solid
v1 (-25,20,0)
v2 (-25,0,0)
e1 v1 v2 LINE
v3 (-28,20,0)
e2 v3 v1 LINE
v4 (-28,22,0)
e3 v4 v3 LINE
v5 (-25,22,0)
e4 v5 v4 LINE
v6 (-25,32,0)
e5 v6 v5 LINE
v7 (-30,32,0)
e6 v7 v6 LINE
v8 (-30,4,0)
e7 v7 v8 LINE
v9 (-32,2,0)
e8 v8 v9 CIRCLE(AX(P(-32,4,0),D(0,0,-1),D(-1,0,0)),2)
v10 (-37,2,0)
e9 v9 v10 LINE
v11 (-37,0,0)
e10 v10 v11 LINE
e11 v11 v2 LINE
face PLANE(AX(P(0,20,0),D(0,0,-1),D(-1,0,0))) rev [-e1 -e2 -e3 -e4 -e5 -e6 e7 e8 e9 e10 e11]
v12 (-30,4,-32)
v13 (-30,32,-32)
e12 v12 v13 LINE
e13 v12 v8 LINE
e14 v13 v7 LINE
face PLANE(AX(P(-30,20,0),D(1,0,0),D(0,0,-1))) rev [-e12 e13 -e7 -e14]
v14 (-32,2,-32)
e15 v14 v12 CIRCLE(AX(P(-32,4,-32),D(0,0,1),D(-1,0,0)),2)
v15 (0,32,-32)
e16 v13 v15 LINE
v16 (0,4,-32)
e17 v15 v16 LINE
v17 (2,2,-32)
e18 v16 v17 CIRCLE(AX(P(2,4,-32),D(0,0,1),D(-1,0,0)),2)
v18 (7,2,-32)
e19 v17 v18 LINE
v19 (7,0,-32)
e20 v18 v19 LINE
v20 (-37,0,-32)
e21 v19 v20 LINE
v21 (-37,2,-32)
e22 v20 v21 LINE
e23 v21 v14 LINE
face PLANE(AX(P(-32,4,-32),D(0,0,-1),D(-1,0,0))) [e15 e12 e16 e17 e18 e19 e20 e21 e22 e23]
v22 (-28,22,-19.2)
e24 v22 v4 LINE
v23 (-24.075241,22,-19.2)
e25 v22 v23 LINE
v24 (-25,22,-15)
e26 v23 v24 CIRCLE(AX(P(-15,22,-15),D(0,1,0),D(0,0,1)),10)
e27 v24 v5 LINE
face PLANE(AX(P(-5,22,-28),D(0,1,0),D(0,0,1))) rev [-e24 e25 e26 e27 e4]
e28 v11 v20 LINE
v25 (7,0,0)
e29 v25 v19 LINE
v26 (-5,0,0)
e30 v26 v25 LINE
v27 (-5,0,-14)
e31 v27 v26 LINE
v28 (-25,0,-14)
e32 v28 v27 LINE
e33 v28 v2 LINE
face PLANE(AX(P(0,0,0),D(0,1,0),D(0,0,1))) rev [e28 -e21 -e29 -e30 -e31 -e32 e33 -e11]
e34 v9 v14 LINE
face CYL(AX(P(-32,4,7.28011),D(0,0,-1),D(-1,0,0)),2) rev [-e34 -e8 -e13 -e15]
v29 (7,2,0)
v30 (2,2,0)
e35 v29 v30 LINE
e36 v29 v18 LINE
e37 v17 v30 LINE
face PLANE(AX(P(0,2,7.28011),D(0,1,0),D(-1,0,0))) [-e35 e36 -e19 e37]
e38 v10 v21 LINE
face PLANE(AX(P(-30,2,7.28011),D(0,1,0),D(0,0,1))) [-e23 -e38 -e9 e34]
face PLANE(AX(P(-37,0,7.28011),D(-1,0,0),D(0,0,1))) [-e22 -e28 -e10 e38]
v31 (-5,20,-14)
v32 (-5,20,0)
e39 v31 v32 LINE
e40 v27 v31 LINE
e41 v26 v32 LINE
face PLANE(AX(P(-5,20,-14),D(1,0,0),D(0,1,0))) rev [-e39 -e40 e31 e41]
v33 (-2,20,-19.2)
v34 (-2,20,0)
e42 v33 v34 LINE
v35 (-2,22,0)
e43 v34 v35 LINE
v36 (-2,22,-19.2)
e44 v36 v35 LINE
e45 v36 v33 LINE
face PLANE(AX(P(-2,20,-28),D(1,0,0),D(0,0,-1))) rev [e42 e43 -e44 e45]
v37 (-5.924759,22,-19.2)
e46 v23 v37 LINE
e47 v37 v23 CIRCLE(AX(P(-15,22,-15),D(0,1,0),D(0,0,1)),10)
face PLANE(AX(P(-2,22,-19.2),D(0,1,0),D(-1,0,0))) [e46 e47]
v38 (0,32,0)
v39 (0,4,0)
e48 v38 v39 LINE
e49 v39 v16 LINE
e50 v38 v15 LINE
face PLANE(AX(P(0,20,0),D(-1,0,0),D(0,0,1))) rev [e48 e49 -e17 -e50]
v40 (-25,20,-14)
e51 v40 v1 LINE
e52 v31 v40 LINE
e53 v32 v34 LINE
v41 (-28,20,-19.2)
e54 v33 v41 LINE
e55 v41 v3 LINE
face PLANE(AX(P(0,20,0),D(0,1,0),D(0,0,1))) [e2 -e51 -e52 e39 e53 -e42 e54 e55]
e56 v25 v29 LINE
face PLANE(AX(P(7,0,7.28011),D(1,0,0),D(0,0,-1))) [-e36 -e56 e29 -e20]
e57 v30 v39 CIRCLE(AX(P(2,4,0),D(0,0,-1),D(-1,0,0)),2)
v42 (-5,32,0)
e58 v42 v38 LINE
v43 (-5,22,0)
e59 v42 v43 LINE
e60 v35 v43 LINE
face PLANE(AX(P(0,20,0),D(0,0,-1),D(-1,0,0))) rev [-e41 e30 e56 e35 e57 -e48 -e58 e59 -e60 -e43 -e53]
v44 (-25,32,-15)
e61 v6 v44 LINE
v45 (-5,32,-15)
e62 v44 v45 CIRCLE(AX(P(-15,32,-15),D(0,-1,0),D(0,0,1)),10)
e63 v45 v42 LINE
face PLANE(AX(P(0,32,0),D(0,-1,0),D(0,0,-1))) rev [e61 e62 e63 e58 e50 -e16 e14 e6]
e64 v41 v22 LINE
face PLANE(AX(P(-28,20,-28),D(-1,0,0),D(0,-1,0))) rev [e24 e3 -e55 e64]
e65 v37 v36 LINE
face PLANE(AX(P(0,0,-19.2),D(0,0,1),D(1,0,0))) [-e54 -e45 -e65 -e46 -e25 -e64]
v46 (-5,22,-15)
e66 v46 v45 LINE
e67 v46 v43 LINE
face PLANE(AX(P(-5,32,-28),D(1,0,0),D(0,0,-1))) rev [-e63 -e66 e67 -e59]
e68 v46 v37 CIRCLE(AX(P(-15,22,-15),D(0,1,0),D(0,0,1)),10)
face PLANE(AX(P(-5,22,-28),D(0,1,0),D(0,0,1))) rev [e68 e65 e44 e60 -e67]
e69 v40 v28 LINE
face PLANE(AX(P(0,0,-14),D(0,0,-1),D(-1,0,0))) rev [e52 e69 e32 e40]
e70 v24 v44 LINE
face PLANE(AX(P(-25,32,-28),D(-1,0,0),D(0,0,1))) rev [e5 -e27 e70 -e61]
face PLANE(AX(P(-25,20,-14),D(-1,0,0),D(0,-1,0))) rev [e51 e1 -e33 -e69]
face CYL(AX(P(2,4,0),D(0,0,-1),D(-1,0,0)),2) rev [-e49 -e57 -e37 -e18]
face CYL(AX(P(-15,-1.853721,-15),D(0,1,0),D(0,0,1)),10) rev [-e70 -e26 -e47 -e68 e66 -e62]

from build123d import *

# Parameters (mm, degrees)
SKETCH1_W           = 30
SKETCH1_H           = 28
BOSS_EXTRUDE1_DEPTH = 20
SKETCH2_W           = 5
SKETCH2_H           = 28
BOSS_EXTRUDE2_DEPTH = 12
SKETCH3_W           = 3
SKETCH3_H           = 2
CUT_EXTRUDE1_DEPTH  = 53.038447325
SKETCH4_W           = 20
SKETCH4_H           = 20
CUT_EXTRUDE2_DEPTH  = 14
SKETCH5_W           = 7
SKETCH5_H           = 2
BOSS_EXTRUDE3_DEPTH = 28
FILLET1_R           = 2
BOSS_EXTRUDE5_DEPTH = 10
SKETCH8_W           = 26
SKETCH8_H           = 2
BOSS_EXTRUDE6_DEPTH = 8.8
BOSS_EXTRUDE7_DEPTH = 4


with BuildPart() as part:
    # Sketch1 → Boss-Extrude1 (new body)
    with BuildSketch(Plane(origin=(0, 0, 0), x_dir=(1, 0, 0), z_dir=(0, 1, 0))):
        with Locations((-15, 14)):
            Rectangle(SKETCH1_W, SKETCH1_H)
    extrude(amount=BOSS_EXTRUDE1_DEPTH)

    # Sketch2 → Boss-Extrude2 (add)
    with BuildSketch(Plane(origin=(0, 20, 0), x_dir=(1, 0, 0), z_dir=(0, 1, 0))):
        with Locations((-27.5, 14)):
            Rectangle(SKETCH2_W, SKETCH2_H)
        with Locations((-2.5, 14)):
            Rectangle(SKETCH2_W, SKETCH2_H)
    extrude(amount=BOSS_EXTRUDE2_DEPTH)

    # Sketch3 → Cut-Extrude1 (cut, through all)
    with BuildSketch(Plane.XY):
        with Locations((-3.5, 21)):
            Rectangle(SKETCH3_W, SKETCH3_H)
        with Locations((-26.5, 21)):
            Rectangle(SKETCH3_W, SKETCH3_H)
    extrude(amount=-CUT_EXTRUDE1_DEPTH, mode=Mode.SUBTRACT)

    # Sketch4 → Cut-Extrude2 (cut)
    with BuildSketch(Plane.XY):
        with Locations((-15, 10)):
            Rectangle(SKETCH4_W, SKETCH4_H)
    extrude(amount=-CUT_EXTRUDE2_DEPTH, mode=Mode.SUBTRACT)

    # Sketch5 → Boss-Extrude3 (add)
    with BuildSketch(Plane(origin=(0, 0, -28), x_dir=(-1, 0, 0), z_dir=(0, 0, -1))):
        with Locations((33.5, 1)):
            Rectangle(SKETCH5_W, SKETCH5_H)
        with Locations((-3.5, 1)):
            Rectangle(SKETCH5_W, SKETCH5_H)
    extrude(amount=-BOSS_EXTRUDE3_DEPTH)

    # Fillet1
    fillet1_edges = [part.edges().sort_by_distance(p)[0] for p in [
        (-30, 2, -14),
        (0, 2, -14),
    ]]
    fillet(fillet1_edges, radius=FILLET1_R)

    # Sketch7 → Boss-Extrude5 (add)
    with BuildSketch(Plane(origin=(0, 32, 0), x_dir=(1, 0, 0), z_dir=(0, 1, 0))):
        with BuildLine():
            Line((-25, 15), (-25, 28))
            Line((-25, 28), (-5, 28))
            Line((-5, 28), (-5, 15))
            ThreePointArc((-5, 15), (-15, 25), (-25, 15))
        make_face()
    extrude(amount=-BOSS_EXTRUDE5_DEPTH)

    # Sketch8 → Boss-Extrude6 (add)
    with BuildSketch(Plane(origin=(0, 0, -28), x_dir=(-1, 0, 0), z_dir=(0, 0, -1))):
        with Locations((15, 21)):
            Rectangle(SKETCH8_W, SKETCH8_H)
    extrude(amount=-BOSS_EXTRUDE6_DEPTH)

    # Sketch10 → Boss-Extrude7 (add)
    with BuildSketch(Plane(origin=(0, 0, -28), x_dir=(-1, 0, 0), z_dir=(0, 0, -1))):
        with BuildLine():
            Line((30, 4), (30, 32))
            Line((30, 32), (0, 32))
            Line((0, 32), (0, 4))
            ThreePointArc((0, 4), (-0.585786438, 2.585786438), (-2, 2))
            Line((-2, 2), (-7, 2))
            Line((-7, 2), (-7, 0))
            Line((-7, 0), (37, 0))
            Line((37, 0), (37, 2))
            Line((37, 2), (32, 2))
            ThreePointArc((32, 2), (30.585786438, 2.585786438), (30, 4))
        make_face()
    extrude(amount=BOSS_EXTRUDE7_DEPTH)


solid = part.part
